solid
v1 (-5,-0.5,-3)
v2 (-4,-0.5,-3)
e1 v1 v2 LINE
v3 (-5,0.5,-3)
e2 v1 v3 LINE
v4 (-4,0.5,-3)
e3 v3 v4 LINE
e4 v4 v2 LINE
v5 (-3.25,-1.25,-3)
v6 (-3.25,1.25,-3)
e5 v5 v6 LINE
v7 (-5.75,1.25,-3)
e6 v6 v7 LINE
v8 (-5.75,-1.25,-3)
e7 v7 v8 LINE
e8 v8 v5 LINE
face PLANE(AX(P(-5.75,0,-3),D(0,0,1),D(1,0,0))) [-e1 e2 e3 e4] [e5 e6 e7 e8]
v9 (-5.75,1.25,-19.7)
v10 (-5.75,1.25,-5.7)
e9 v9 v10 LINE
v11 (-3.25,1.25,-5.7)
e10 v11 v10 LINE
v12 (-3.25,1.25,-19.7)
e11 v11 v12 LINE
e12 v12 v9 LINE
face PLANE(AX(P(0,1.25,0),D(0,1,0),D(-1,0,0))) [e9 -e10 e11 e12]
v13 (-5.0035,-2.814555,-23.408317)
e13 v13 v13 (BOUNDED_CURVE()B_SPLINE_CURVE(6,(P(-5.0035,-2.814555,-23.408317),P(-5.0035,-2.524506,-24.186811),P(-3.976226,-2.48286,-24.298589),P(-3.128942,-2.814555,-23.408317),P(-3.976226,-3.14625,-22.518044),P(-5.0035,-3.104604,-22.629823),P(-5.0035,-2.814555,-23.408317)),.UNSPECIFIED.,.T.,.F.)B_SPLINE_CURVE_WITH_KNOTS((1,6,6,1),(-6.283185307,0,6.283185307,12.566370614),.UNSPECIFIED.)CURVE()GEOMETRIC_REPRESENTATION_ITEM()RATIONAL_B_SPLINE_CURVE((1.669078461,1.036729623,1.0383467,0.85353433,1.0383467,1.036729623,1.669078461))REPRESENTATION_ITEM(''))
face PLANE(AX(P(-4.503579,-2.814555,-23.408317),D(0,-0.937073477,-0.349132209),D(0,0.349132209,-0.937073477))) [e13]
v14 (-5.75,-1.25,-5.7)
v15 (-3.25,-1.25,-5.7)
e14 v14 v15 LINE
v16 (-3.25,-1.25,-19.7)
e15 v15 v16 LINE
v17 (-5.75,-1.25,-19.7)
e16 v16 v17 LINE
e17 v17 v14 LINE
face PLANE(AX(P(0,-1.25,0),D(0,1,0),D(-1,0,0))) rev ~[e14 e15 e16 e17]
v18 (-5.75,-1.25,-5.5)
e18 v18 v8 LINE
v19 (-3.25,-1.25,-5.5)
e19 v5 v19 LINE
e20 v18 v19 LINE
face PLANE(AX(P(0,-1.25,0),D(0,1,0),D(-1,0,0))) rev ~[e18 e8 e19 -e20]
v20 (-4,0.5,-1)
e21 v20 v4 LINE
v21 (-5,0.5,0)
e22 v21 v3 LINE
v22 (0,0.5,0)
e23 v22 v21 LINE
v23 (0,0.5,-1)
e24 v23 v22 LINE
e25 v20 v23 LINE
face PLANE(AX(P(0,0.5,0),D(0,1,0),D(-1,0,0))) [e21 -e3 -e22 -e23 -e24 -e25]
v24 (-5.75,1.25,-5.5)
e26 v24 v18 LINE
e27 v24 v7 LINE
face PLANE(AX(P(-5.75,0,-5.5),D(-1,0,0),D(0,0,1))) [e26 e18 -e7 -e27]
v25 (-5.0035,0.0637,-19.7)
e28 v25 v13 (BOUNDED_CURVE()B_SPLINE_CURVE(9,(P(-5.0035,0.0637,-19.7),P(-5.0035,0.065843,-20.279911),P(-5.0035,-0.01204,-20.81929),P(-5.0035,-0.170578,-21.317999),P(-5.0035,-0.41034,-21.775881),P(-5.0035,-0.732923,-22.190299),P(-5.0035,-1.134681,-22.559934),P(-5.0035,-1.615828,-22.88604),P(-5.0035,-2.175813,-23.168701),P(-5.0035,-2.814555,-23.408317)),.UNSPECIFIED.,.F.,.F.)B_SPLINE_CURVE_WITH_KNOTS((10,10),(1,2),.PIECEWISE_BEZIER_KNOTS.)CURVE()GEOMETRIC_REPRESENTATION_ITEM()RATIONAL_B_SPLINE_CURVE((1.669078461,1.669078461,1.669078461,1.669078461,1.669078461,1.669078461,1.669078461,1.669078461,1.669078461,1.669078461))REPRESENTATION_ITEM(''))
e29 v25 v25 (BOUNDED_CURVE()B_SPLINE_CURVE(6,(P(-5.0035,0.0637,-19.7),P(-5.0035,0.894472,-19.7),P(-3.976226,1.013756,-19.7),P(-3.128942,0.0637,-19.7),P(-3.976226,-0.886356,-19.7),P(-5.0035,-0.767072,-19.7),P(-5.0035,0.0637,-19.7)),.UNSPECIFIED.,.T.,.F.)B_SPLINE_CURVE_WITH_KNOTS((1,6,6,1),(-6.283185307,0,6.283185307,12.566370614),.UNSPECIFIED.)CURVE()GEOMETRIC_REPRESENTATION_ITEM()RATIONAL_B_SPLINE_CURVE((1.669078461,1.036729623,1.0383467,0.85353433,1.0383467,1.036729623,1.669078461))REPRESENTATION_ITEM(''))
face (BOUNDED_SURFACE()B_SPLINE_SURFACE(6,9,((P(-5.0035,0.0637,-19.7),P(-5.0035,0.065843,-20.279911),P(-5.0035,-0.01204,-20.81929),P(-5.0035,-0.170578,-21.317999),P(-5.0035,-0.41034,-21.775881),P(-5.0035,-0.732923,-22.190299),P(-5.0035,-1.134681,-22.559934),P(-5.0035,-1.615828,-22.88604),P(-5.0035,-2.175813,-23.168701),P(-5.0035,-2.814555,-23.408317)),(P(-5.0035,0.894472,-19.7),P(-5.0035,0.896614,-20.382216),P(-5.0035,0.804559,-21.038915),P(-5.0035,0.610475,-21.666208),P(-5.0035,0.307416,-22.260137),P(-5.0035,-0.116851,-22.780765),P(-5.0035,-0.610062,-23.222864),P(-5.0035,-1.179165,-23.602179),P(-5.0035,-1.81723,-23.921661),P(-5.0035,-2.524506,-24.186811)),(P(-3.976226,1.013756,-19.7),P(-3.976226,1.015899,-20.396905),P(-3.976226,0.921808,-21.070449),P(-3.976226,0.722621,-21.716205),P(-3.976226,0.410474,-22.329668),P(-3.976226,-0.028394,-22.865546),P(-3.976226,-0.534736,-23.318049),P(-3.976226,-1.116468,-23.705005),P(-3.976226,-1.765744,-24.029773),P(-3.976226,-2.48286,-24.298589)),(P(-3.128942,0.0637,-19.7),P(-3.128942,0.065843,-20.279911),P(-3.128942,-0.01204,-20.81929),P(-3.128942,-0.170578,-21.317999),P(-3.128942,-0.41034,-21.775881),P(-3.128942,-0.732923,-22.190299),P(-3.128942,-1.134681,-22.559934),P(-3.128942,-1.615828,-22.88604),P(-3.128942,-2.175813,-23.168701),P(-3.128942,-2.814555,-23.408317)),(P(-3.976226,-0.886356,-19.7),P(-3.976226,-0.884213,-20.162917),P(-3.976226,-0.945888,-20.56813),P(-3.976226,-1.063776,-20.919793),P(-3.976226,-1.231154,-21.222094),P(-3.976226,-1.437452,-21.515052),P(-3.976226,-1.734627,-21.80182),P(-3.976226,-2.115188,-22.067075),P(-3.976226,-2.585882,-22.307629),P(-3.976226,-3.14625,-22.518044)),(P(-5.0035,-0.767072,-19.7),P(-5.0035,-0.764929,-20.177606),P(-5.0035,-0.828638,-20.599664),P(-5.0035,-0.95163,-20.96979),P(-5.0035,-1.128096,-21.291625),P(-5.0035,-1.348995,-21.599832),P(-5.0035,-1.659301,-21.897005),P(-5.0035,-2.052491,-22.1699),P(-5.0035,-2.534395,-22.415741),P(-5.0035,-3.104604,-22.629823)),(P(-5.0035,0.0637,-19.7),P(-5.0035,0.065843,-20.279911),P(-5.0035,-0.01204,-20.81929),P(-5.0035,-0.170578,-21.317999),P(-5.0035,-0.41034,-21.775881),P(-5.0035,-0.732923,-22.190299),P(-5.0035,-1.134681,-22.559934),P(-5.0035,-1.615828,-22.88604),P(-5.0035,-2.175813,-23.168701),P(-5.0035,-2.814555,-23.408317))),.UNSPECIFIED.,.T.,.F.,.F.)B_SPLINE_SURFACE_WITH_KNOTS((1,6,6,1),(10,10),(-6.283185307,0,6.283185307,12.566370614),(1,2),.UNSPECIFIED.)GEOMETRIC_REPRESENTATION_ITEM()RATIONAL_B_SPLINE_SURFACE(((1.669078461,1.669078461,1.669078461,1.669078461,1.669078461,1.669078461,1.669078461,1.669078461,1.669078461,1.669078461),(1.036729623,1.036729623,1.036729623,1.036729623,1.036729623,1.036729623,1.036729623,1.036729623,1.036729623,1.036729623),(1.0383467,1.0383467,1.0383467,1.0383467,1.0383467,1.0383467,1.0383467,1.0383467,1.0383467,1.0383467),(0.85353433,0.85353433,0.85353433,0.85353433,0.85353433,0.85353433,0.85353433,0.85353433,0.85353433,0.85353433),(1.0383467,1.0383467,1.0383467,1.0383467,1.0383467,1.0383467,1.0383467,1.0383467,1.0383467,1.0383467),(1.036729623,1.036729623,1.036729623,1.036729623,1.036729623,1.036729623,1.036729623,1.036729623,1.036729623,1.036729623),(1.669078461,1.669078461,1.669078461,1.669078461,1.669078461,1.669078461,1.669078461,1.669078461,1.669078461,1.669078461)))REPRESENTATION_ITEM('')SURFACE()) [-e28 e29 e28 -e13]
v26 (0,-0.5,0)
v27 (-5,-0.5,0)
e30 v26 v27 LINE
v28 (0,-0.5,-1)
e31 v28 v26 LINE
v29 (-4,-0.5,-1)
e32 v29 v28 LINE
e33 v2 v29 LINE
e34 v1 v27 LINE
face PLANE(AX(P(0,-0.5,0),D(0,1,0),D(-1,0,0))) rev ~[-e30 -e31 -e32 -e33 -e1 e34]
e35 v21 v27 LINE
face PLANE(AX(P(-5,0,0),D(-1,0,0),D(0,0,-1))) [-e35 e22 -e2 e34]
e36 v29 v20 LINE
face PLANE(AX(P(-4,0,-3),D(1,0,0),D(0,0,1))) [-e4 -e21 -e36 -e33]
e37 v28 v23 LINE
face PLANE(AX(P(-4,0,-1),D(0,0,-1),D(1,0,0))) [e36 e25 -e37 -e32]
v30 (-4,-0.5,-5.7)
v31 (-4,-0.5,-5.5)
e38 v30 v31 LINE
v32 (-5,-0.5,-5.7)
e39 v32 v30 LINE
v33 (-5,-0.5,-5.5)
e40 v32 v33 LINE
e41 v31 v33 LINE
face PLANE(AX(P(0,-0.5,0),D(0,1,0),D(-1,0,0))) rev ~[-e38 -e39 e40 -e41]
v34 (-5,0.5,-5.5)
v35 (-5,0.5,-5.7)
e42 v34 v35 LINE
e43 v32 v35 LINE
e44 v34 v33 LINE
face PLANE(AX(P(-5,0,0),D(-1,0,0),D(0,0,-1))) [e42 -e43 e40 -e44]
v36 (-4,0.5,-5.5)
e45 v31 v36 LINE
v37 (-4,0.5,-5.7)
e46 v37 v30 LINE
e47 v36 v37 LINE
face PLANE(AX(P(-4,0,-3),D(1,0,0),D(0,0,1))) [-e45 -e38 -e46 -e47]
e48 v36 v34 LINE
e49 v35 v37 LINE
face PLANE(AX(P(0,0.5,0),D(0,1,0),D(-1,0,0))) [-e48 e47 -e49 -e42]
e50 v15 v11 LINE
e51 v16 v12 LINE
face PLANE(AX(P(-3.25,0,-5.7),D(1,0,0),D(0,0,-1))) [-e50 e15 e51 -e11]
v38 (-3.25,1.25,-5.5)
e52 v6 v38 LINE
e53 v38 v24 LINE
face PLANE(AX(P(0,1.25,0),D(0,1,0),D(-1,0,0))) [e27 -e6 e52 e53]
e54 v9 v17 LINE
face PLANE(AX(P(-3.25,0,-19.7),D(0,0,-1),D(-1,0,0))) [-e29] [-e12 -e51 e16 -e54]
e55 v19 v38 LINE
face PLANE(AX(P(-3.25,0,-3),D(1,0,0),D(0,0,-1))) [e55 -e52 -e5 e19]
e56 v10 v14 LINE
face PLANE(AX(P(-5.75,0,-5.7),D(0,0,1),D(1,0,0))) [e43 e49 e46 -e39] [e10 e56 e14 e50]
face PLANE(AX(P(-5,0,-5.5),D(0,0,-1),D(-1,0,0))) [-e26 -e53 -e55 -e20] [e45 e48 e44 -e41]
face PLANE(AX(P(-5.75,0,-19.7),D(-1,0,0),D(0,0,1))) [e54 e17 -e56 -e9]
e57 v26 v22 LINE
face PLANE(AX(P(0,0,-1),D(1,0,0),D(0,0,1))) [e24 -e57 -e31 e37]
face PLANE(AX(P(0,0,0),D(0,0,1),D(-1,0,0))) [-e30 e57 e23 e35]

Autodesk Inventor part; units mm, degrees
ref_plane "YZ Plane" through (0, 0, 0) normal (1, 0, 0) x (0, 1, 0)
ref_plane "XZ Plane" through (0, 0, 0) normal (0, 1, 0) x (-1, 0, 0)
sketch "Sketch1" plane through (0, 0, 0) normal (0, 1, 0) x (-1, 0, 0)
  line L0 (0, 0) -> (5, 0)
  line L1 (5, 0) -> (5, -13)
  line L2 (5, -13) -> (4, -13)
  line L3 (4, -13) -> (4, -1)
  line L4 (4, -1) -> (0, -1)
  line L5 (0, -1) -> (0, 0)
  line L6 (5.75, -3) -> (3.25, -3)
  line L7 (3.25, -3) -> (3.25, -5.5)
  line L8 (3.25, -5.5) -> (5.75, -5.5)
  line L9 (5.75, -5.5) -> (5.75, -3)
  line L10 (4.5, -1.8535) -> (4.5, -3.6396) construction
  line L11 (5.75, -5.7) -> (3.25, -5.7)
  line L12 (3.25, -5.7) -> (3.25, -19.7)
  line L13 (3.25, -19.7) -> (5.75, -19.7)
  line L14 (5.75, -19.7) -> (5.75, -5.7)
  dimension "d0" = 4
  dimension "d1" = 5
  dimension "d2" = 2.5
  dimension "d3" = 2.5
  dimension "d4" = 2
  dimension "d16" = 0.2
  dimension "d19" = 14
  dimension "d20" = 7.5
extrude "Extrusion1" add sketch "Sketch1" along normal blind 0.5 and the other way blind 0.5 contours L0 L1 L6 L3 L4 L5 | L1 L8 L3 L6 | L1 L11 L3 L8 | L1 L2 L3 L11
extrude "Extrusion2" add sketch "Sketch1" against normal blind 1.25 and the other way blind 1.25 contours L6 L9 L8 L1 | L1 L8 L3 L6 | L3 L8 L7 L6 | L11 L14 L13 L12 L3 L2 L1 | L1 L2 L3 L11
sketch "Sketch2" plane through (-3.25, -1.25, -19.7) normal (0, 0, -1) x (-1, 0, 0)
  line L0 (1.25, 3.4717) -> (1.25, -1.4422) construction
ref_plane "Work Plane1" through (-4.5, 2.2217, -19.7) normal (1, 0, 0) x (0, -1, 0)
sketch "Sketch3" plane through (-4.5, 2.2217, -19.7) normal (1, 0, 0) x (0, -1, 0)
  line L0 (2.2217, 0.0174) -> (2.2217, 2.5917) construction
  line L1 (2.2217, 2.5917) -> (5.0748, 3.6547) construction
  spline S0 degree 2 poles (2.2217, 0.0174) (2.2217, 2.5917) (5.0748, 3.6547) knots 1 1 1 2 2 2
  point P0 (2.2217, -19.7)
sketch "Sketch4" plane through (-3.25, -1.25, -19.7) normal (0, 0, -1) x (-1, 0, 0)
  circle A0 centre (1.2535, 1.3137) radius 0.5
  point P0 (-3.25, 1.25)
  dimension "d22" = 1
sweep "Sweep1" add profiles "Sketch4" path "Sketch3"
properties part number "Pin-connector-angled"
